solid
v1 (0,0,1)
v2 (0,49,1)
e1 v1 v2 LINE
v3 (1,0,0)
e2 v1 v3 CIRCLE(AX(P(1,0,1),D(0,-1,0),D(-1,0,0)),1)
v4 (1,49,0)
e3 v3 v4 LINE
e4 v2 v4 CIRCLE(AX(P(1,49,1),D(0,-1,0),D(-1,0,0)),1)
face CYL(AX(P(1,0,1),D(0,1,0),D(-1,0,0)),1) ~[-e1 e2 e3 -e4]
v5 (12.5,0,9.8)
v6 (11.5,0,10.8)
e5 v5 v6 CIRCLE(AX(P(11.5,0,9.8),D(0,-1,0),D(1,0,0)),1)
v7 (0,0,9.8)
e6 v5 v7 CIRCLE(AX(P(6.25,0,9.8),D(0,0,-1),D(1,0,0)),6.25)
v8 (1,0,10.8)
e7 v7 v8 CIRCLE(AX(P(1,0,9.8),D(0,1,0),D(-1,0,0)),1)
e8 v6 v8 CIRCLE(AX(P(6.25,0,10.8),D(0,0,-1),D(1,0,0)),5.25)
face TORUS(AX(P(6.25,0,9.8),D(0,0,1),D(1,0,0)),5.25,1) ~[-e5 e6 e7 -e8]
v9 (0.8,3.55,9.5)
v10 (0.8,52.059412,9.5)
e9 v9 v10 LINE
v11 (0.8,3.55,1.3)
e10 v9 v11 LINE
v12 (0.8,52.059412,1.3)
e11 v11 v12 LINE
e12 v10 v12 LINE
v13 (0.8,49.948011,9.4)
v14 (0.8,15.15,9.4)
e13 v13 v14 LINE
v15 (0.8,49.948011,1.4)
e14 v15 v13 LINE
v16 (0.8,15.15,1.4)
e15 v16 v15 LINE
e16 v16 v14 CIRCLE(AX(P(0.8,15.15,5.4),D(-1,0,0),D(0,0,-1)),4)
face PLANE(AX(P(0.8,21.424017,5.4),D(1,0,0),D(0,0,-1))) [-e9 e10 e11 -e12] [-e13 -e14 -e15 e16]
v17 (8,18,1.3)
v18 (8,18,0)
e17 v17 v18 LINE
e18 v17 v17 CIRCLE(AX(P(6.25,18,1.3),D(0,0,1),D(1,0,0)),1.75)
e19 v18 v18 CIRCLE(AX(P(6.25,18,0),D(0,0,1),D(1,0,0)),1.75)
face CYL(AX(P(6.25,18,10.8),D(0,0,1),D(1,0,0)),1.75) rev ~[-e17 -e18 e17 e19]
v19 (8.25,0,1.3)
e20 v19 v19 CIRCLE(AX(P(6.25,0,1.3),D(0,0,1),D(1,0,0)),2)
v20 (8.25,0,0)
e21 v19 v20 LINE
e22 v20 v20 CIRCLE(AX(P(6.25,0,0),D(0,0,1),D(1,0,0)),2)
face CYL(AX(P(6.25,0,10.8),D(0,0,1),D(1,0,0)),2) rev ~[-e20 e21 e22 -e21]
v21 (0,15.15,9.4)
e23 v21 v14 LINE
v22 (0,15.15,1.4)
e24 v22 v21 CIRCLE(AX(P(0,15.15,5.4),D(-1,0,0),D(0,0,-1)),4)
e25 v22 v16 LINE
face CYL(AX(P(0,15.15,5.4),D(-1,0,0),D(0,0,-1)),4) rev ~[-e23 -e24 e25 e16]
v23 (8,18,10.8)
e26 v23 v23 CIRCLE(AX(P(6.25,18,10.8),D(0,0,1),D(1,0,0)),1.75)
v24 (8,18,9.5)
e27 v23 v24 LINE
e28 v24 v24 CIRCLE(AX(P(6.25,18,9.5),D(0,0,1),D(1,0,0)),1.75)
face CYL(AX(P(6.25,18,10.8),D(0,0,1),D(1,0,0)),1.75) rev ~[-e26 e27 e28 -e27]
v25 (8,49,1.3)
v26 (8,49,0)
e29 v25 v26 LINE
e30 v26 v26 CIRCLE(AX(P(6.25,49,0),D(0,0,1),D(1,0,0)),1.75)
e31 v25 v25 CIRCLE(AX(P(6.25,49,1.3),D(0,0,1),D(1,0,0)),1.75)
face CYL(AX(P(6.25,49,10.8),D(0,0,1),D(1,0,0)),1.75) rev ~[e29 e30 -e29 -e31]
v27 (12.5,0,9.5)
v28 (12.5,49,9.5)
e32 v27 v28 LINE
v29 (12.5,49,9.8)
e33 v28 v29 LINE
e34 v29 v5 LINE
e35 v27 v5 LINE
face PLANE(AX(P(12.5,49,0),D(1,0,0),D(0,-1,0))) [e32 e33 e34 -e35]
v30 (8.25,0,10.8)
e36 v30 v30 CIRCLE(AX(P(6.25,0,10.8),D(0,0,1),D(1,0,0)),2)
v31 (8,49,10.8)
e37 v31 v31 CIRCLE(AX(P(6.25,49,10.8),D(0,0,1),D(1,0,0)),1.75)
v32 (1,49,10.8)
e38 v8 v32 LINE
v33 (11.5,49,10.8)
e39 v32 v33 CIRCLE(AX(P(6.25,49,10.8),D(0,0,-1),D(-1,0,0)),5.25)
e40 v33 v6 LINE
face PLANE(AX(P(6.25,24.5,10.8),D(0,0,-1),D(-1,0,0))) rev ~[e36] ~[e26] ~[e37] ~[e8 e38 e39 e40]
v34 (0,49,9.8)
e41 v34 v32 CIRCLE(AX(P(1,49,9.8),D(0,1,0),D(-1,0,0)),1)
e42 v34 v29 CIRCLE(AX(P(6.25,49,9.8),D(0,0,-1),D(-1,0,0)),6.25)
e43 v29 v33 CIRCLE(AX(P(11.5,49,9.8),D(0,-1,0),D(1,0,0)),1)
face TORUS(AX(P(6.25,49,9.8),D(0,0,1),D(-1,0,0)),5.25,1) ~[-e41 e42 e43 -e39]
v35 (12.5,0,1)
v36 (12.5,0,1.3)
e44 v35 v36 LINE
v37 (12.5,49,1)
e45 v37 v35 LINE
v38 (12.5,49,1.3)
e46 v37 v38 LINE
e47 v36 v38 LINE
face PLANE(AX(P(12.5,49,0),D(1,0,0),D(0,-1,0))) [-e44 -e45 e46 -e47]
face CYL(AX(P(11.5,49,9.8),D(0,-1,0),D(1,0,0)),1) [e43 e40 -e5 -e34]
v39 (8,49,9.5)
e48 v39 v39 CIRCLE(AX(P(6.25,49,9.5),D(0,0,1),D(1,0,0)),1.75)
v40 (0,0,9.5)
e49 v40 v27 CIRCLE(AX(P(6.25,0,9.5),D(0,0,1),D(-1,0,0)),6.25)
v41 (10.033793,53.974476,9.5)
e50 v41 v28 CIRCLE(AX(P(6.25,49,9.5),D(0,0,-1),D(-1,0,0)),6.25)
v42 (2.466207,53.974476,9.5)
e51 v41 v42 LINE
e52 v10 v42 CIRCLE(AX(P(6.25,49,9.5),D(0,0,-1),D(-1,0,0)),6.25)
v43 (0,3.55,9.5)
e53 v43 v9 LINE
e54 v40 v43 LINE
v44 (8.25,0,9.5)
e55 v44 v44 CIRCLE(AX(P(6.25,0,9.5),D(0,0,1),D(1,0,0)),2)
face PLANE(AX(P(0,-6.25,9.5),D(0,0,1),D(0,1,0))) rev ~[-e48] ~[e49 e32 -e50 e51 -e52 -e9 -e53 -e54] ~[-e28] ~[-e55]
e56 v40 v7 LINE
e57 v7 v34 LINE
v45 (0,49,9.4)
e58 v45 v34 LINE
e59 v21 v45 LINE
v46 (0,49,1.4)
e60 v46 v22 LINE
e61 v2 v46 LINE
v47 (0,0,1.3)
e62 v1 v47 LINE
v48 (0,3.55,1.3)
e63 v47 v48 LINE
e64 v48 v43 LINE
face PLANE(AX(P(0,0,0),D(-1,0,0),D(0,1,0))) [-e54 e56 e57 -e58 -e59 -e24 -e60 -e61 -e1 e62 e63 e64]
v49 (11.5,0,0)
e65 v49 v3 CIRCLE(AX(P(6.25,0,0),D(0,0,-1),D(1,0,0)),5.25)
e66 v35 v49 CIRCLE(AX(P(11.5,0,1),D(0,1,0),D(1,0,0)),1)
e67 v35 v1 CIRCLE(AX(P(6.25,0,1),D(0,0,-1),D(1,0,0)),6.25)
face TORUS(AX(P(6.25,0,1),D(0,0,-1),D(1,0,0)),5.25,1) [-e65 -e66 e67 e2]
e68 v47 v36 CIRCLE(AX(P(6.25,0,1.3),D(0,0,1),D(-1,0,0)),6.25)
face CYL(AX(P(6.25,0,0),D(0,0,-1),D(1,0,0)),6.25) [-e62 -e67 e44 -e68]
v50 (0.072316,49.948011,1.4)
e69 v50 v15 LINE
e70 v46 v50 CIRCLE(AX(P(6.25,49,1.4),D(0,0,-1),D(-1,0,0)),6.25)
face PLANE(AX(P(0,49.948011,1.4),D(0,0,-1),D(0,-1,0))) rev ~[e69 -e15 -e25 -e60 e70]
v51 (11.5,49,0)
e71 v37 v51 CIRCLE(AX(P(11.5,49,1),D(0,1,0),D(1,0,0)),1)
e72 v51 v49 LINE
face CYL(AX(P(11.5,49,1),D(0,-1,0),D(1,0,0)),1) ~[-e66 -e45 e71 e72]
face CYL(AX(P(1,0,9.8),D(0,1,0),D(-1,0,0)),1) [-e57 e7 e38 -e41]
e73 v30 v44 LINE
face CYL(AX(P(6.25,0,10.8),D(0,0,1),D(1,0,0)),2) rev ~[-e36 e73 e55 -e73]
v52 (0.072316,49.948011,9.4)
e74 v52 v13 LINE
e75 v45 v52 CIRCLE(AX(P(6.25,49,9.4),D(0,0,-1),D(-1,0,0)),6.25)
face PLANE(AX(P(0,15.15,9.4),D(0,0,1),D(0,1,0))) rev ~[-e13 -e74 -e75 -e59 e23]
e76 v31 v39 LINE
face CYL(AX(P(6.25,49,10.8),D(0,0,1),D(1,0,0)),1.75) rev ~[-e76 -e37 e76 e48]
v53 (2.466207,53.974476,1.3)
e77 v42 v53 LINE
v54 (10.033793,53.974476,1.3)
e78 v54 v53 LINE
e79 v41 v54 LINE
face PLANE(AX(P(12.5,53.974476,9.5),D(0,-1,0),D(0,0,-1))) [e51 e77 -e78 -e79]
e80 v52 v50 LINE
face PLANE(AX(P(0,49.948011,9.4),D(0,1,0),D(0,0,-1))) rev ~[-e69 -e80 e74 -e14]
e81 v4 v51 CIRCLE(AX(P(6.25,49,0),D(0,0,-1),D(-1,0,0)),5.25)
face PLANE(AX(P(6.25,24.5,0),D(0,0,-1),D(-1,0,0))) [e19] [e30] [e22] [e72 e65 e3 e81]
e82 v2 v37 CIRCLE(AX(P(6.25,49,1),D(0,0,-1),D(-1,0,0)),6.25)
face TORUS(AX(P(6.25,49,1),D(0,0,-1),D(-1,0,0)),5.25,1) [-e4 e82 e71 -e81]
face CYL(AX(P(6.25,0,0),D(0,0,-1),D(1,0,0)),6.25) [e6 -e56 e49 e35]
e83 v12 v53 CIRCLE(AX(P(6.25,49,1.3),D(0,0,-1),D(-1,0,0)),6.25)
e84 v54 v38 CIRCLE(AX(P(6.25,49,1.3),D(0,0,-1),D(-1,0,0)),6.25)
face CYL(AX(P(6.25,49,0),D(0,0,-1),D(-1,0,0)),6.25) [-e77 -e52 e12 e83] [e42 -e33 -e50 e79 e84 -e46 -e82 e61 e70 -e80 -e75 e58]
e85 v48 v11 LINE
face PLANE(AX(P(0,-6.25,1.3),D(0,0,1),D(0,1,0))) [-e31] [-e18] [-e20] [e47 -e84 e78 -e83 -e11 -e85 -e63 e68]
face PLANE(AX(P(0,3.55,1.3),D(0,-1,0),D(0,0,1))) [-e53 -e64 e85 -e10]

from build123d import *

# Parameters (mm, degrees)
BASE_EXTRUSION_DEPTH    = 10.8
CONG_1_R                = 1
CONG_2_R                = 1
ESQUISSE2_W             = 8.2
ESQUISSE2_H             = 65.100918748
ENL_V_MAT_EXTRU_1_DEPTH = 11.7
ESQUISSE3_W             = 8.2
ESQUISSE3_H             = 9.8
ENL_V_MAT_EXTRU_3_DEPTH = 11.7
ESQUISSE4_R             = 2
ESQUISSE4_R_2           = 1.75
ENL_V_MAT_EXTRU_4_DEPTH = 58.666736534


with BuildPart() as part:
    # Esquisse1 → Base-Extrusion (new body)
    with BuildSketch(Plane.XY):
        with BuildLine():
            Line((0, 0), (0, 49))
            ThreePointArc((0, 49), (6.25, 55.25), (12.5, 49))
            Line((12.5, 49), (12.5, 0))
            ThreePointArc((12.5, 0), (6.25, -6.25), (0, 0))
        make_face()
    extrude(amount=BASE_EXTRUSION_DEPTH)

    # Congé1
    cong_1_edges = [part.edges().sort_by_distance(p)[0] for p in [
        (6.25, 55.25, 10.8),
        (0, 24.5, 10.8),
        (6.25, -6.25, 10.8),
        (12.5, 24.5, 10.8),
    ]]
    fillet(cong_1_edges, radius=CONG_1_R)

    # Congé2
    cong_2_edges = [part.edges().sort_by_distance(p)[0] for p in [
        (0, 24.5, 0),
        (6.25, 55.25, 0),
        (12.5, 24.5, 0),
        (6.25, -6.25, 0),
    ]]
    fillet(cong_2_edges, radius=CONG_2_R)

    # Esquisse2 → Enlèv. mat.-Extru.1 (cut)
    with BuildSketch(Plane(origin=(12.5, 0, 0), x_dir=(0, 0, -1), z_dir=(1, 0, 0))):
        with Locations((-5.4, 21.424016652)):
            Rectangle(ESQUISSE2_W, ESQUISSE2_H)
    extrude(amount=-ENL_V_MAT_EXTRU_1_DEPTH, mode=Mode.SUBTRACT)

    # Esquisse3 → Enlèv. mat.-Extru.3 (cut)
    with BuildSketch(Plane.ZY):
        with BuildLine():
            Line((1.4, 49.948011349), (1.4, 15.15))
            ThreePointArc((1.4, 15.15), (5.4, 11.15), (9.4, 15.15))
            Line((9.4, 15.15), (9.4, 49.948011349))
            Line((9.4, 49.948011349), (1.4, 49.948011349))
        make_face()
        with Locations((5.4, -1.35)):
            Rectangle(ESQUISSE3_W, ESQUISSE3_H)
    extrude(amount=-ENL_V_MAT_EXTRU_3_DEPTH, mode=Mode.SUBTRACT)

    # Esquisse4 → Enlèv. mat.-Extru.4 (cut, through all)
    with BuildSketch(Plane.XY.offset(10.8)):
        with Locations((6.25, 0)):
            Circle(ESQUISSE4_R)
        with Locations((6.25, 49)):
            Circle(ESQUISSE4_R_2)
        with Locations((6.25, 18)):
            Circle(ESQUISSE4_R_2)
    extrude(amount=-ENL_V_MAT_EXTRU_4_DEPTH, mode=Mode.SUBTRACT)


solid = part.part
